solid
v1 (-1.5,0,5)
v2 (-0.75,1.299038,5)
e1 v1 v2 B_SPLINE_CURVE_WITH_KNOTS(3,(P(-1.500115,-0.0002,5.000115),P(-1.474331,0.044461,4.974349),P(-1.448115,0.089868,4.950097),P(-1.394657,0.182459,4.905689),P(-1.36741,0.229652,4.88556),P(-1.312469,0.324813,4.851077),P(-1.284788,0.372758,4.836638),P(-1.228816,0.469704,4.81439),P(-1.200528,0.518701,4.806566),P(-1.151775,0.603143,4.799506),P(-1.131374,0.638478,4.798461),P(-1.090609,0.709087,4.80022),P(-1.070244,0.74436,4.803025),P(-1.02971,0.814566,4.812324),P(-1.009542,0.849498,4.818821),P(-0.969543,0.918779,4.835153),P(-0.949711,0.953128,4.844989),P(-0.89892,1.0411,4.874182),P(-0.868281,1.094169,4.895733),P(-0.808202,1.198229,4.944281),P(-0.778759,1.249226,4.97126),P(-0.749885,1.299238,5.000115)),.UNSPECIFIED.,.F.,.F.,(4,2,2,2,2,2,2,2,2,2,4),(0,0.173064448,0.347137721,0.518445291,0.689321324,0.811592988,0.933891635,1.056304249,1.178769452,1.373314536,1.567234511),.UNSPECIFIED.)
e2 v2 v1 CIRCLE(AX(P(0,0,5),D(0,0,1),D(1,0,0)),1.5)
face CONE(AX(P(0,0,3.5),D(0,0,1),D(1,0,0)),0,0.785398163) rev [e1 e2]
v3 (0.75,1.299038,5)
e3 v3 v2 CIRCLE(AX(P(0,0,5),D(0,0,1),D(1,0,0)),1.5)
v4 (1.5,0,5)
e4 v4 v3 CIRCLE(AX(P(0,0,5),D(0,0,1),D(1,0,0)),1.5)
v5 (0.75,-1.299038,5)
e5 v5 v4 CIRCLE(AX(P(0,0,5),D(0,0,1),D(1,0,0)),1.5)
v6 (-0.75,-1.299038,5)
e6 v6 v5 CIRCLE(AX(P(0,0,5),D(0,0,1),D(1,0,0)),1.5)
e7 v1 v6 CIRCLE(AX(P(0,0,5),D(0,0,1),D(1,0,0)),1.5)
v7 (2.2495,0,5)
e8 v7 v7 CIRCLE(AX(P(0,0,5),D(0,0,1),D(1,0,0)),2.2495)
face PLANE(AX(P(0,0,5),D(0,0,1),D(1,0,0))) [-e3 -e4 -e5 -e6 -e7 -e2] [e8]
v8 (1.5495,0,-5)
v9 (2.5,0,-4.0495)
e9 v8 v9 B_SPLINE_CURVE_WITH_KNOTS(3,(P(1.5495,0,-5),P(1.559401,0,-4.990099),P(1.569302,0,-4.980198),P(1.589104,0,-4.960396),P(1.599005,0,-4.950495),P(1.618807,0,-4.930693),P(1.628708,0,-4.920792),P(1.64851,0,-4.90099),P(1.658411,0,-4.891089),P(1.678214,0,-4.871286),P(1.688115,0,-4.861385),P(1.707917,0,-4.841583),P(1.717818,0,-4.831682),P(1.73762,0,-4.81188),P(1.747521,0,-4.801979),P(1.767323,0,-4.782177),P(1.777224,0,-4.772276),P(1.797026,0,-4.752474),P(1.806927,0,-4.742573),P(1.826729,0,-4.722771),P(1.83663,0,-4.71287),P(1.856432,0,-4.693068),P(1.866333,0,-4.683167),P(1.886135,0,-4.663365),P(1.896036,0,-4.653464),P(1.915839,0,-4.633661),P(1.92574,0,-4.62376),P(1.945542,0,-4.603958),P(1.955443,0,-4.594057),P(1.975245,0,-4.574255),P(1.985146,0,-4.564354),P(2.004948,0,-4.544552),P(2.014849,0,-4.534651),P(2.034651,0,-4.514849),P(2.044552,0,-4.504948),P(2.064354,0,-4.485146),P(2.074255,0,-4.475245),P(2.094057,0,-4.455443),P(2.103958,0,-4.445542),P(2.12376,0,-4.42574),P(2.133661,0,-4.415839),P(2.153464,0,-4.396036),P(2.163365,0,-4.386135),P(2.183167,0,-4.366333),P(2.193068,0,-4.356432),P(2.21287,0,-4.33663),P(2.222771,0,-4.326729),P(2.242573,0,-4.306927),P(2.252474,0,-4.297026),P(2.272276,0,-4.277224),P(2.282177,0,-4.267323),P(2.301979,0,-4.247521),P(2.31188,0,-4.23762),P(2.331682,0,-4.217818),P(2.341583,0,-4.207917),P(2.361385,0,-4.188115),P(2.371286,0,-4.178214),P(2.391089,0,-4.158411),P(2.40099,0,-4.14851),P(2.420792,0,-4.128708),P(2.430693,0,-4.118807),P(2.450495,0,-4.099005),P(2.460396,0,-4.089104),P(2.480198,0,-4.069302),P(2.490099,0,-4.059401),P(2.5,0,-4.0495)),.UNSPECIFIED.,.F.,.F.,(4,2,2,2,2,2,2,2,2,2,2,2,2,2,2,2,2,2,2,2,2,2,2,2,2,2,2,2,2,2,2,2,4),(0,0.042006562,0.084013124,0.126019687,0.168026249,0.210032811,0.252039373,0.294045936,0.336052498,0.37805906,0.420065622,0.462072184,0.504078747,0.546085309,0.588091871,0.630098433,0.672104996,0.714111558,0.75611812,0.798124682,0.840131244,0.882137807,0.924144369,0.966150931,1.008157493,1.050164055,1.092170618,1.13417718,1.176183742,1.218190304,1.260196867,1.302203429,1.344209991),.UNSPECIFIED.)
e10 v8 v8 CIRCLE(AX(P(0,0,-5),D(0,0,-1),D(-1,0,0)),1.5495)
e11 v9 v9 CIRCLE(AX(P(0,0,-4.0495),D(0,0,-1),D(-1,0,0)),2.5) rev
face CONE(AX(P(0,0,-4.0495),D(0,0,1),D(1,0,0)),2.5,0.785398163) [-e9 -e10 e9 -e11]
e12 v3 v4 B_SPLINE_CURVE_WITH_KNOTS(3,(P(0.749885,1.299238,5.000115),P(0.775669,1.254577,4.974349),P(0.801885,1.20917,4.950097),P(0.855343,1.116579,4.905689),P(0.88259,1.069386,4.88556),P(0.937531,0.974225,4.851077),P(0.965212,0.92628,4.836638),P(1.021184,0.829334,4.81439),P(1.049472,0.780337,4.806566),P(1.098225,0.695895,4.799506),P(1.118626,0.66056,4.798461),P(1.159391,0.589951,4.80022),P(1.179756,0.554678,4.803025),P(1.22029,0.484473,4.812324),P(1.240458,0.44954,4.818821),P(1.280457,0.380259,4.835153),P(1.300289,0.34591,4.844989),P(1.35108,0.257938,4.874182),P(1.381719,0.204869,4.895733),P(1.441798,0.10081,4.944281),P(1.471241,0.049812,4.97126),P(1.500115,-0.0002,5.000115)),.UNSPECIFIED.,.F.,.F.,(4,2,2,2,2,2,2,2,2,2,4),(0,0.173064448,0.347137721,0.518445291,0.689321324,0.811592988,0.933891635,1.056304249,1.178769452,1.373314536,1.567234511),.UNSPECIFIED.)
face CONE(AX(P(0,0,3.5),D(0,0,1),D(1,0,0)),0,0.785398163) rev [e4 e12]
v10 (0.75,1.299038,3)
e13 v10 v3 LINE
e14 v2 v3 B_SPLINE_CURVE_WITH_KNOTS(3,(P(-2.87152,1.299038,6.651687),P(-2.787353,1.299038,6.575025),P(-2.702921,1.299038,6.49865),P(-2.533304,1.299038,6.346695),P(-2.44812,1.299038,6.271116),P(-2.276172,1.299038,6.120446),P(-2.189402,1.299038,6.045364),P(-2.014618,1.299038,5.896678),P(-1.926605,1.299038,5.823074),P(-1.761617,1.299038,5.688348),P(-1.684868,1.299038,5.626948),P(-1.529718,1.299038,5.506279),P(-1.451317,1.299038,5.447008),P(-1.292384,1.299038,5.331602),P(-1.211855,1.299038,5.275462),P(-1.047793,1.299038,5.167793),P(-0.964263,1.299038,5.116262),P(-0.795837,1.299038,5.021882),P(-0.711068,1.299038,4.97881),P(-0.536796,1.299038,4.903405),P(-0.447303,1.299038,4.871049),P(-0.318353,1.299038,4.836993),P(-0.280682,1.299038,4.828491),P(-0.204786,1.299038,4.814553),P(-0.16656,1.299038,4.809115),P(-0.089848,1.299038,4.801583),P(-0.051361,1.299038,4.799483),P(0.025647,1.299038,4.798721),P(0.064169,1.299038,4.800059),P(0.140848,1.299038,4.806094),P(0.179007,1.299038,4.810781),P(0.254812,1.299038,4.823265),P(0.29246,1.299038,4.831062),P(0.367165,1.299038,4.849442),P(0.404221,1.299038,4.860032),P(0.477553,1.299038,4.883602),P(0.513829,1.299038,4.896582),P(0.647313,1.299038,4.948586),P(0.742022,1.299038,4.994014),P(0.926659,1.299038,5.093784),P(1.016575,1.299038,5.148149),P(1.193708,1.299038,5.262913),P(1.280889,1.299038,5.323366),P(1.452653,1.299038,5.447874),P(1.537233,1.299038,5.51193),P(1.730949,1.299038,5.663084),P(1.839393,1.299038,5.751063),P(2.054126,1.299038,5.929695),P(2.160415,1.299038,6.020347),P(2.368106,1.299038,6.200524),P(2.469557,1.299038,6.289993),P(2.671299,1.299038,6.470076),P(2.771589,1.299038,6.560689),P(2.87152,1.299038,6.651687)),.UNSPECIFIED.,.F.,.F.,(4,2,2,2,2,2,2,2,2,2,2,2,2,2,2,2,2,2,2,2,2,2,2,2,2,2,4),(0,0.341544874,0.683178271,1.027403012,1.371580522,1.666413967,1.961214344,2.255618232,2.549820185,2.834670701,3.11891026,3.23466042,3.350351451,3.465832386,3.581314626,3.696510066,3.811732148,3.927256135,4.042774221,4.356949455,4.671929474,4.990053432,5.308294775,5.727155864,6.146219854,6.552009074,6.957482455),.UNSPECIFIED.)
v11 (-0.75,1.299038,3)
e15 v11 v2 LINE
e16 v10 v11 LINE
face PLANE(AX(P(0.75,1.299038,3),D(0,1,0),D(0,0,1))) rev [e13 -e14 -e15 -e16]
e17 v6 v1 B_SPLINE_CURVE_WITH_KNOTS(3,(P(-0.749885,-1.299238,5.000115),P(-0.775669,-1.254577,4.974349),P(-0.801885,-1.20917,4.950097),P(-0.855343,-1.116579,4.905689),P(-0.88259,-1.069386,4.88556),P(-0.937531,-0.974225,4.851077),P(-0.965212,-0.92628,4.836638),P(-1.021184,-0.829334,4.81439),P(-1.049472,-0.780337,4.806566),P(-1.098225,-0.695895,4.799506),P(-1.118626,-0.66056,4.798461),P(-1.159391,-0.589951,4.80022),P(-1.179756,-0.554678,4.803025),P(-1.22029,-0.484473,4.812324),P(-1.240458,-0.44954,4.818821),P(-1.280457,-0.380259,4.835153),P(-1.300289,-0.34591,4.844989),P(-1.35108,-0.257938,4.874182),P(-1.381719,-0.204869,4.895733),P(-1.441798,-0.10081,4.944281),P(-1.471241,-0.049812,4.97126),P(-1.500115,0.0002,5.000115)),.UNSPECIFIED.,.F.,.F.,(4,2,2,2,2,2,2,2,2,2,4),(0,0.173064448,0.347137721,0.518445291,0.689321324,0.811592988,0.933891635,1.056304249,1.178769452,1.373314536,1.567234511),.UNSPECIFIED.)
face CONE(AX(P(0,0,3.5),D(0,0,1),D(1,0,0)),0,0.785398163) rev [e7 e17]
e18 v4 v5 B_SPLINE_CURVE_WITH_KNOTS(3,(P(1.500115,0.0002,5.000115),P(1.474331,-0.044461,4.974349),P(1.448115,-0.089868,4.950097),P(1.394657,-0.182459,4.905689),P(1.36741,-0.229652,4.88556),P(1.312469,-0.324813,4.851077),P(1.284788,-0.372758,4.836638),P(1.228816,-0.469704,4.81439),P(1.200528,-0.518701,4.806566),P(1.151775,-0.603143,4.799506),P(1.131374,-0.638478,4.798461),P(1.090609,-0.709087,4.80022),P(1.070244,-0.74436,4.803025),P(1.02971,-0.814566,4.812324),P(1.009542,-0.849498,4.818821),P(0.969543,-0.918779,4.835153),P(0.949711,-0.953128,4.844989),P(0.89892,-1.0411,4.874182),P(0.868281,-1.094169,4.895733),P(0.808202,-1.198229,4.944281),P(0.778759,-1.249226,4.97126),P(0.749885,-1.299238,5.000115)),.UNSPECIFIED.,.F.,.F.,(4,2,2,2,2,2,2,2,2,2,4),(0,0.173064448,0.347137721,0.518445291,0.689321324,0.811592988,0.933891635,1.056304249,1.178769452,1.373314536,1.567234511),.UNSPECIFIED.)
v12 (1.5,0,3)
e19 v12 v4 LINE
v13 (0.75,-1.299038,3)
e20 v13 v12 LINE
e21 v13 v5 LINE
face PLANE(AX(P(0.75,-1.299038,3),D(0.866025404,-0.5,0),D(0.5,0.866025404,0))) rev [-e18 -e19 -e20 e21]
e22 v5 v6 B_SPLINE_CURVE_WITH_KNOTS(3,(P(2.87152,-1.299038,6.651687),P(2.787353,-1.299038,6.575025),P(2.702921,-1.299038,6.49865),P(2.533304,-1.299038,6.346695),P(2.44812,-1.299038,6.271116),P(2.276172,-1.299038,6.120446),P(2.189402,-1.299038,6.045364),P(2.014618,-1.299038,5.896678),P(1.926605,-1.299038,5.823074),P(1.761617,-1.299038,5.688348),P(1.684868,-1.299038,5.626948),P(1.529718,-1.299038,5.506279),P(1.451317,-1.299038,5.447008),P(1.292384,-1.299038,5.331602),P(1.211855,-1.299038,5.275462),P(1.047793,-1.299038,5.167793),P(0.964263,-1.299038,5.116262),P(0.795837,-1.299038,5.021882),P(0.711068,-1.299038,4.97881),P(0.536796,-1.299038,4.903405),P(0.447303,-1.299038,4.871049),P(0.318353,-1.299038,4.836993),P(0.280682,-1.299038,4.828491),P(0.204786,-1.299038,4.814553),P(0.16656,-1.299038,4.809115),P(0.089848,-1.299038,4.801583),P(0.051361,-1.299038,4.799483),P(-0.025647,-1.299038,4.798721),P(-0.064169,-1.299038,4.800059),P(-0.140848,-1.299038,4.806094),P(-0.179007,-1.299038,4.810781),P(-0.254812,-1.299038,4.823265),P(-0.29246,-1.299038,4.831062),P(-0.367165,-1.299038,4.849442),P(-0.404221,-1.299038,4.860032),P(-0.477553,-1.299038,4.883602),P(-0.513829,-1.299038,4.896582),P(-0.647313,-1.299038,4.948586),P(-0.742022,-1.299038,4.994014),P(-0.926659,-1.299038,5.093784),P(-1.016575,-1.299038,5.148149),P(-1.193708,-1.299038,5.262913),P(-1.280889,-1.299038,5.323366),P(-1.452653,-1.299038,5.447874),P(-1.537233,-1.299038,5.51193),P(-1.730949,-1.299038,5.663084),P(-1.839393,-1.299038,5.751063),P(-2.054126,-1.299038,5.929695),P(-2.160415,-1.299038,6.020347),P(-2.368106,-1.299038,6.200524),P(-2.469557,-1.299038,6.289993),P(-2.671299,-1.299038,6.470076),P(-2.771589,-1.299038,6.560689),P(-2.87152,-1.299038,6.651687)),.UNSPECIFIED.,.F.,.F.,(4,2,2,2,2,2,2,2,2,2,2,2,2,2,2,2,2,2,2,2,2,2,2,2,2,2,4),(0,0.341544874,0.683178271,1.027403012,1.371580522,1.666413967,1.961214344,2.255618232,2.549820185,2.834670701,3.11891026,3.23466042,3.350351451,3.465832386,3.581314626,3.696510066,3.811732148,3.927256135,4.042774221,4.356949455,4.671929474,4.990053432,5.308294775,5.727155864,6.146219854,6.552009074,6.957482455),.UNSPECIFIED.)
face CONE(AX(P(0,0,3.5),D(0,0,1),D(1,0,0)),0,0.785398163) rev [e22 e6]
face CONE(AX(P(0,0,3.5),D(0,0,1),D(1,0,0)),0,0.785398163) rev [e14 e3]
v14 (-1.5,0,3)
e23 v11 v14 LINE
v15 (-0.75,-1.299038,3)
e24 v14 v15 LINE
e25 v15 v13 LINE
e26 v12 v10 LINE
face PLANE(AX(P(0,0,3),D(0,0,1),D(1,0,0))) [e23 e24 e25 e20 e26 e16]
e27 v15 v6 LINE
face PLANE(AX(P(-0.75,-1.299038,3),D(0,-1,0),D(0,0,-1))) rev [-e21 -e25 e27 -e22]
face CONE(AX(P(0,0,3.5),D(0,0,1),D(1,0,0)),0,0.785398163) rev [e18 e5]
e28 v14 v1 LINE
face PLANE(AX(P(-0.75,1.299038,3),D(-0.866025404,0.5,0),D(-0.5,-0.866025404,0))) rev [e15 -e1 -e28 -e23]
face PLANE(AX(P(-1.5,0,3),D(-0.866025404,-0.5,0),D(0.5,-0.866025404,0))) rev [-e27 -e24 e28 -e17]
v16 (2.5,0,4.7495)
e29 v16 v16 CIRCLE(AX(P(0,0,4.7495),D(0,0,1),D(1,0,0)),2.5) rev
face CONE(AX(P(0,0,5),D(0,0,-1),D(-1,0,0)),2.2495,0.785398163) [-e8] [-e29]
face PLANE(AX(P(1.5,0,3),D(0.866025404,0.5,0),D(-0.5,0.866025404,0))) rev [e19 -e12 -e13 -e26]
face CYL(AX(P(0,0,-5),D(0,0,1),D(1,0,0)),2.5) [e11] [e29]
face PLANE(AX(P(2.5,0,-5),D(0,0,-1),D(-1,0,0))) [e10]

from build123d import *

# Parameters (mm, degrees)
SKETCH1_W          = 2.5
SKETCH1_H          = 10
CUT_EXTRUDE1_DEPTH = 2
CHAMFER1_SIZE      = 0.2505
CHAMFER2_SIZE      = 0.9505


with BuildPart() as part:
    # Sketch1 → Revolve1 (revolve)
    with BuildSketch(Plane(origin=(0, 0, 0), x_dir=(1, 0, 0), z_dir=(0, 1, 0))):
        with Locations((1.25, 0)):
            Rectangle(SKETCH1_W, SKETCH1_H)
    revolve(axis=Axis((0, 0, -5), (0, 0, 1)))

    # Sketch2 → Cut-Extrude1 (cut)
    with BuildSketch(Plane.XY.offset(5)):
        Polygon((-0.75, -1.299038106), (0.75, -1.299038106), (1.5, 0), (0.75, 1.299038106), (-0.75, 1.299038106), (-1.5, 0), align=None)
    extrude(amount=-CUT_EXTRUDE1_DEPTH, mode=Mode.SUBTRACT)

    # Chamfer1
    chamfer1_edges = [part.edges().sort_by_distance(p)[0] for p in [
        (-2.5, 0, 5),
    ]]
    chamfer(chamfer1_edges, length=CHAMFER1_SIZE)

    # Chamfer2
    chamfer2_edges = [part.edges().sort_by_distance(p)[0] for p in [
        (-2.5, 0, -5),
    ]]
    chamfer(chamfer2_edges, length=CHAMFER2_SIZE)

    # Sketch3 → Cut-Revolve1 (revolve, cut)
    with BuildSketch(Plane(origin=(0, 0, 0), x_dir=(1, 0, 0), z_dir=(0, 1, 0))):
        Polygon((0, -3.5), (-1.5, -5), (0, -5), align=None)
    revolve(axis=Axis((0, 0, 3.5), (0, 0, -1)), mode=Mode.SUBTRACT)


solid = part.part
